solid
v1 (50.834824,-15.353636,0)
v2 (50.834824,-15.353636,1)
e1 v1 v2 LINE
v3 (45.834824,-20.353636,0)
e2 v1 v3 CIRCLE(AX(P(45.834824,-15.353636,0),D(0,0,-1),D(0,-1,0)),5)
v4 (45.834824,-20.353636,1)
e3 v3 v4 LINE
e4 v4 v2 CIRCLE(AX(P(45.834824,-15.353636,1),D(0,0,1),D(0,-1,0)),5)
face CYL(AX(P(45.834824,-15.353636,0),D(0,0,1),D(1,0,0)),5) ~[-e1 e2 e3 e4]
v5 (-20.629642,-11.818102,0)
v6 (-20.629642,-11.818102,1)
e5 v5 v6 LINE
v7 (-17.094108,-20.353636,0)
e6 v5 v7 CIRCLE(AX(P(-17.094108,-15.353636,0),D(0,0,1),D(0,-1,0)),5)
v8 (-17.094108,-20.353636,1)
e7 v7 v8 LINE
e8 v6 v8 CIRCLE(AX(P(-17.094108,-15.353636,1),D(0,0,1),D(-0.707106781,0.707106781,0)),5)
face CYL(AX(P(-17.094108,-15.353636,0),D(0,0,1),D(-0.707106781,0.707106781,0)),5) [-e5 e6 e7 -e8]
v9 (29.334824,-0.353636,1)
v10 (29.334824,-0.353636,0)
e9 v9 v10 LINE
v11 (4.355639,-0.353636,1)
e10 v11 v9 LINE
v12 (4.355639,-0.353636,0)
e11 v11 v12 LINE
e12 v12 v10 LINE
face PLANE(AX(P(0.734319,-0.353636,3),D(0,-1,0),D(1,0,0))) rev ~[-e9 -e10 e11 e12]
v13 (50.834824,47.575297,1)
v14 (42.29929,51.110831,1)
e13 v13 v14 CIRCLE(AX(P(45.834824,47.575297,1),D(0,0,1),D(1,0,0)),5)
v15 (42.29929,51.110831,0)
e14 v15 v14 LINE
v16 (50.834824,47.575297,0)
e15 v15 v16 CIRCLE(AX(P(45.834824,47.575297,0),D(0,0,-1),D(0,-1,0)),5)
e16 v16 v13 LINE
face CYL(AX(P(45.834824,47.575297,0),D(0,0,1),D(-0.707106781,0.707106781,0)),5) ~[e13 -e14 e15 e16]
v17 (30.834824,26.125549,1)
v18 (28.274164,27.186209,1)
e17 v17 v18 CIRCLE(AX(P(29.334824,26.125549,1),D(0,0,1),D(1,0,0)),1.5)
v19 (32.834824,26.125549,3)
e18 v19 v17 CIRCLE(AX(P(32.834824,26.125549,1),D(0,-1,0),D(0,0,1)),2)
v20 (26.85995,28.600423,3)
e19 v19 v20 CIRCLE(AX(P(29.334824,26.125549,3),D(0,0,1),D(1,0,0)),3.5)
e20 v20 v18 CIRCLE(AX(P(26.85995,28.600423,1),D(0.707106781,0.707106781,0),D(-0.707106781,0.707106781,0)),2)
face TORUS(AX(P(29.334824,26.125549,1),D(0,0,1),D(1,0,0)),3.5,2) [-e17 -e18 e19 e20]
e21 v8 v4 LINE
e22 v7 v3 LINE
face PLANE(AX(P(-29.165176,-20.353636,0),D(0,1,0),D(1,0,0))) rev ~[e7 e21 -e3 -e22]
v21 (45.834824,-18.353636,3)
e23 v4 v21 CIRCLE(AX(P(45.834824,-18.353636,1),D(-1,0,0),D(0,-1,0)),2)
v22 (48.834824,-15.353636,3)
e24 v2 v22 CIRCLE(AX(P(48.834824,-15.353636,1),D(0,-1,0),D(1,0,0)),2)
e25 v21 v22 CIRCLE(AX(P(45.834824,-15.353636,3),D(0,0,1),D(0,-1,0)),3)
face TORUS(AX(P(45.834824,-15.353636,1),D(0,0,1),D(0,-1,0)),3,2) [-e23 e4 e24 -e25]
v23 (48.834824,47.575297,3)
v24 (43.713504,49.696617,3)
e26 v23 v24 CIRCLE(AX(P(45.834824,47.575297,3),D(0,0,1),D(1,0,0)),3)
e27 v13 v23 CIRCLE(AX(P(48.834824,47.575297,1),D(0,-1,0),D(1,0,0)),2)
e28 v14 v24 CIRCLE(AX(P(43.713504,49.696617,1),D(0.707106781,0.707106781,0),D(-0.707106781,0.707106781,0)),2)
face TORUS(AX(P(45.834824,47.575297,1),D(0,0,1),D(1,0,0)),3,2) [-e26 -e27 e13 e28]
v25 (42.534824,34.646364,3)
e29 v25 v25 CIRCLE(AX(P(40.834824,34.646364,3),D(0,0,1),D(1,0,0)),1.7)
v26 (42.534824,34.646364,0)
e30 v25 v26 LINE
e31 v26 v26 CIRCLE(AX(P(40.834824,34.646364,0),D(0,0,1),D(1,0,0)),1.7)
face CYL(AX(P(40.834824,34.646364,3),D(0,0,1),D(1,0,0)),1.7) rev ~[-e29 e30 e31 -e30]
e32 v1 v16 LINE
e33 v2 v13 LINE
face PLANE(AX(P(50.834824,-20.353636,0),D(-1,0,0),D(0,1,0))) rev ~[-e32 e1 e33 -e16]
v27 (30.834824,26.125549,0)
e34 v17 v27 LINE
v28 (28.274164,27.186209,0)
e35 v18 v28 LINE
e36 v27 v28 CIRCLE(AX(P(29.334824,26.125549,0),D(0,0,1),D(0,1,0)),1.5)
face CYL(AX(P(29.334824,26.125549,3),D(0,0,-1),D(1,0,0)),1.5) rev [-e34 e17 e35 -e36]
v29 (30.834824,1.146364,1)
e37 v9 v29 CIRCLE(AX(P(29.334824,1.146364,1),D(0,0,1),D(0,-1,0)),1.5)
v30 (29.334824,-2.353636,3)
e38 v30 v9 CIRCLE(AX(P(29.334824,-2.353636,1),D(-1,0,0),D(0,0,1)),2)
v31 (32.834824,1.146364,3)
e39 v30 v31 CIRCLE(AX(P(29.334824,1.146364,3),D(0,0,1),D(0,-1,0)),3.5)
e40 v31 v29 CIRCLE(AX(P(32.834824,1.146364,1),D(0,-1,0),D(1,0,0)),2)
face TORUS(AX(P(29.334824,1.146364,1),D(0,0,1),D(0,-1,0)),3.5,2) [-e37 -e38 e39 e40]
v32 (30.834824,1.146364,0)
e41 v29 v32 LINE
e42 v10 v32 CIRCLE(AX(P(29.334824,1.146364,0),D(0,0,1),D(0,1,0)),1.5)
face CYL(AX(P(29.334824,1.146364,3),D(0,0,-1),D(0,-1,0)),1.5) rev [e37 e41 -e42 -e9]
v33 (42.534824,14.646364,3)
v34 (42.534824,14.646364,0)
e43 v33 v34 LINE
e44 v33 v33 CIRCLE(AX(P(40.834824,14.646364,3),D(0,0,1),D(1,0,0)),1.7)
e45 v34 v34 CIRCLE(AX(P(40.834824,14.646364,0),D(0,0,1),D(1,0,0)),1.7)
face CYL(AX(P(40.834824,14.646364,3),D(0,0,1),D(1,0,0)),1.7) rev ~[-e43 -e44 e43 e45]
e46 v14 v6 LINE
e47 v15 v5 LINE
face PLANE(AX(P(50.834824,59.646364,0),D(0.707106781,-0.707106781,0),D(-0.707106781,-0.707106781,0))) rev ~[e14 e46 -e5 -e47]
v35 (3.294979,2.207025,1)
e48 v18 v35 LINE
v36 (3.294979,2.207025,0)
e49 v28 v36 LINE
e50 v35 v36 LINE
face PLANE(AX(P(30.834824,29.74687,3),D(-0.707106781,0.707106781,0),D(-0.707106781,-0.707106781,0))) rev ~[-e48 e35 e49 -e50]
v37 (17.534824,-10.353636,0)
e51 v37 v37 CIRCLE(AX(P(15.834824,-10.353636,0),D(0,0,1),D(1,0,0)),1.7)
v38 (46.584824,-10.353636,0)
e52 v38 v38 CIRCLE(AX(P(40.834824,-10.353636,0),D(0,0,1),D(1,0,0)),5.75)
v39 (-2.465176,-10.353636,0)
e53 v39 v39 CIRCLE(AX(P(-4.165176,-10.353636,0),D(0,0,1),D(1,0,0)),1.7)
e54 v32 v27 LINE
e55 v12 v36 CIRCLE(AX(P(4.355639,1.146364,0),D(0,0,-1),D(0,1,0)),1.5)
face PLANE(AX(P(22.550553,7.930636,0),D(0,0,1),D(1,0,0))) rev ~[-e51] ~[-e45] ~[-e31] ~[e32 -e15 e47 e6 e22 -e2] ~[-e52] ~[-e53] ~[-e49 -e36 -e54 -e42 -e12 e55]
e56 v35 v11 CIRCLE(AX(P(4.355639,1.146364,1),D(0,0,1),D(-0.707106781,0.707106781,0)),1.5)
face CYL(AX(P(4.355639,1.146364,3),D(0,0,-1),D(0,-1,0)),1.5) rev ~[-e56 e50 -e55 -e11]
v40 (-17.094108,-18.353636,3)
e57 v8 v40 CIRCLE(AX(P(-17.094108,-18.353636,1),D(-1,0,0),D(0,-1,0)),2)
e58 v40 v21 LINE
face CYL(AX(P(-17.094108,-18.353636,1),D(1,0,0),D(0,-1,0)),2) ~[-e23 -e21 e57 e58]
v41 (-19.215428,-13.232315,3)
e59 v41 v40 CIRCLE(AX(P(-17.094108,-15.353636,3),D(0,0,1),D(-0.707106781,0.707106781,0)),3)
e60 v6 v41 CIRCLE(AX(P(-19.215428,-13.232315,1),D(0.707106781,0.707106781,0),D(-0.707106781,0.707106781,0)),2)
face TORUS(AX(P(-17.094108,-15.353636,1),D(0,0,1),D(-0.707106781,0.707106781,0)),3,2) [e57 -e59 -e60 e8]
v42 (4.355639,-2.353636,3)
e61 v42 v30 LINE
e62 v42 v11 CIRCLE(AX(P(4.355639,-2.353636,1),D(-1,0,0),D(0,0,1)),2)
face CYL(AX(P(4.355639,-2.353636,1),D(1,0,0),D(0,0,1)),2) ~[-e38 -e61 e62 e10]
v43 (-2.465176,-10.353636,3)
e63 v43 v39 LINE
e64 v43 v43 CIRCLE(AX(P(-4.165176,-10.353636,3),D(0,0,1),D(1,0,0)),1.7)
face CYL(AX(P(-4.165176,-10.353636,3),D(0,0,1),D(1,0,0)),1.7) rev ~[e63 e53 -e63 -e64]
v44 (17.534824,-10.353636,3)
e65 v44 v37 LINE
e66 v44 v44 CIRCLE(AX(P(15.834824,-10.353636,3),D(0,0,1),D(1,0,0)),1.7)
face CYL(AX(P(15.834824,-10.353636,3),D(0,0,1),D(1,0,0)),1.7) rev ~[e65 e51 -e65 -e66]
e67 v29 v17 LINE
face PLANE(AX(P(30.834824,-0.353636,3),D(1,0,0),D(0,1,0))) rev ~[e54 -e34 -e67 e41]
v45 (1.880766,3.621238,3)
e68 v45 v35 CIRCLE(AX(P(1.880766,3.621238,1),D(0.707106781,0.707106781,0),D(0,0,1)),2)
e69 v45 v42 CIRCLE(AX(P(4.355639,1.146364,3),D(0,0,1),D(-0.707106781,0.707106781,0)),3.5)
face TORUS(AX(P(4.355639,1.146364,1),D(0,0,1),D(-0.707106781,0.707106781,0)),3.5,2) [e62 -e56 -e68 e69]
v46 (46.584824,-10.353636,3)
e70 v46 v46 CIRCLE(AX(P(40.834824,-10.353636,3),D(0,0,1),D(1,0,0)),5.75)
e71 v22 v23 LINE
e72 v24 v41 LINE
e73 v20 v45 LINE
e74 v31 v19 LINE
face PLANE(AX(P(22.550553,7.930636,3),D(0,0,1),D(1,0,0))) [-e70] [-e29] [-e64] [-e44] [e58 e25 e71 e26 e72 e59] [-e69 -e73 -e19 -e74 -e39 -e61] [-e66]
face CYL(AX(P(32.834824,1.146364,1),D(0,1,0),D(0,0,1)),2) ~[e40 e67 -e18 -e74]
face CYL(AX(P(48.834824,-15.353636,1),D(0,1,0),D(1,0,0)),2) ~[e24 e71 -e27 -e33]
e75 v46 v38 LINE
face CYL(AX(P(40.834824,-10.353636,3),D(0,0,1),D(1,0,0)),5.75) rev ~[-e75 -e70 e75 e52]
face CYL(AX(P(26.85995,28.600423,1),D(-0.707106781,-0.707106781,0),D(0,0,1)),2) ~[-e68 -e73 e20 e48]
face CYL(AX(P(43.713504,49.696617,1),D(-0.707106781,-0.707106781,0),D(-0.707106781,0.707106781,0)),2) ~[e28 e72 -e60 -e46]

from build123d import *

# Parameters (mm, degrees)
F1_DEPTH = 3
F2_R     = 5.75
F2_R_2   = 1.7
F3_DEPTH = 3
F4_R     = 1.5
F5_R     = 5
F6_R     = 2
F7_R     = 2


with BuildPart() as f1:
    # F0 (on Top) → F1 (new body)
    with BuildSketch(Plane.XY):
        Polygon((50.8348240464, 59.6463644877), (-29.1651759536, -20.3536355123), (50.8348240464, -20.3536355123), align=None)
    extrude(amount=F1_DEPTH)

    # F2 (on face) → F3 (cut, through all)
    with BuildSketch(Plane.XY.offset(3)):
        Polygon((0.734318983, -0.3536355123), (30.8348240464, -0.3536355123), (30.8348240464, 29.7468695511), align=None)
        with Locations((40.8348240464, -10.3536355123)):
            Circle(F2_R)
        with Locations((15.8348240464, -10.3536355123)):
            Circle(F2_R_2)
        with Locations((-4.1651759536, -10.3536355123)):
            Circle(F2_R_2)
        with Locations((40.8348240464, 14.6463644877)):
            Circle(F2_R_2)
        with Locations((40.8348240464, 34.6463644877)):
            Circle(F2_R_2)
    extrude(amount=-F3_DEPTH, mode=Mode.SUBTRACT)

    # F4
    f4_edges = [f1.edges().sort_by_distance(p)[0] for p in [
        (0.734319, -0.353636, 1.5),
        (30.834824, -0.353636, 1.5),
        (30.834824, 29.74687, 1.5),
    ]]
    fillet(f4_edges, radius=F4_R)

    # F5
    f5_edges = [f1.edges().sort_by_distance(p)[0] for p in [
        (-29.165176, -20.353636, 1.5),
        (50.834824, -20.353636, 1.5),
        (50.834824, 59.646364, 1.5),
    ]]
    fillet(f5_edges, radius=F5_R)

    # F6
    f6_edges = [f1.edges().sort_by_distance(p)[0] for p in [
        (14.370358, -20.353636, 3),
        (49.370358, -18.889169, 3),
        (50.834824, 16.110831, 3),
        (-21.713506, -17.267053, 3),
        (10.834824, 19.646364, 3),
        (47.748241, 52.194694, 3),
    ]]
    fillet(f6_edges, radius=F6_R)

    # F7
    f7_edges = [f1.edges().sort_by_distance(p)[0] for p in [
        (16.845232, -0.353636, 3),
        (30.834824, 13.635957, 3),
        (15.784572, 14.696617, 3),
        (30.395484, 0.085704, 3),
        (2.96982, 0.572339, 3),
        (29.908849, 27.511369, 3),
    ]]
    fillet(f7_edges, radius=F7_R)


solid = f1.part
